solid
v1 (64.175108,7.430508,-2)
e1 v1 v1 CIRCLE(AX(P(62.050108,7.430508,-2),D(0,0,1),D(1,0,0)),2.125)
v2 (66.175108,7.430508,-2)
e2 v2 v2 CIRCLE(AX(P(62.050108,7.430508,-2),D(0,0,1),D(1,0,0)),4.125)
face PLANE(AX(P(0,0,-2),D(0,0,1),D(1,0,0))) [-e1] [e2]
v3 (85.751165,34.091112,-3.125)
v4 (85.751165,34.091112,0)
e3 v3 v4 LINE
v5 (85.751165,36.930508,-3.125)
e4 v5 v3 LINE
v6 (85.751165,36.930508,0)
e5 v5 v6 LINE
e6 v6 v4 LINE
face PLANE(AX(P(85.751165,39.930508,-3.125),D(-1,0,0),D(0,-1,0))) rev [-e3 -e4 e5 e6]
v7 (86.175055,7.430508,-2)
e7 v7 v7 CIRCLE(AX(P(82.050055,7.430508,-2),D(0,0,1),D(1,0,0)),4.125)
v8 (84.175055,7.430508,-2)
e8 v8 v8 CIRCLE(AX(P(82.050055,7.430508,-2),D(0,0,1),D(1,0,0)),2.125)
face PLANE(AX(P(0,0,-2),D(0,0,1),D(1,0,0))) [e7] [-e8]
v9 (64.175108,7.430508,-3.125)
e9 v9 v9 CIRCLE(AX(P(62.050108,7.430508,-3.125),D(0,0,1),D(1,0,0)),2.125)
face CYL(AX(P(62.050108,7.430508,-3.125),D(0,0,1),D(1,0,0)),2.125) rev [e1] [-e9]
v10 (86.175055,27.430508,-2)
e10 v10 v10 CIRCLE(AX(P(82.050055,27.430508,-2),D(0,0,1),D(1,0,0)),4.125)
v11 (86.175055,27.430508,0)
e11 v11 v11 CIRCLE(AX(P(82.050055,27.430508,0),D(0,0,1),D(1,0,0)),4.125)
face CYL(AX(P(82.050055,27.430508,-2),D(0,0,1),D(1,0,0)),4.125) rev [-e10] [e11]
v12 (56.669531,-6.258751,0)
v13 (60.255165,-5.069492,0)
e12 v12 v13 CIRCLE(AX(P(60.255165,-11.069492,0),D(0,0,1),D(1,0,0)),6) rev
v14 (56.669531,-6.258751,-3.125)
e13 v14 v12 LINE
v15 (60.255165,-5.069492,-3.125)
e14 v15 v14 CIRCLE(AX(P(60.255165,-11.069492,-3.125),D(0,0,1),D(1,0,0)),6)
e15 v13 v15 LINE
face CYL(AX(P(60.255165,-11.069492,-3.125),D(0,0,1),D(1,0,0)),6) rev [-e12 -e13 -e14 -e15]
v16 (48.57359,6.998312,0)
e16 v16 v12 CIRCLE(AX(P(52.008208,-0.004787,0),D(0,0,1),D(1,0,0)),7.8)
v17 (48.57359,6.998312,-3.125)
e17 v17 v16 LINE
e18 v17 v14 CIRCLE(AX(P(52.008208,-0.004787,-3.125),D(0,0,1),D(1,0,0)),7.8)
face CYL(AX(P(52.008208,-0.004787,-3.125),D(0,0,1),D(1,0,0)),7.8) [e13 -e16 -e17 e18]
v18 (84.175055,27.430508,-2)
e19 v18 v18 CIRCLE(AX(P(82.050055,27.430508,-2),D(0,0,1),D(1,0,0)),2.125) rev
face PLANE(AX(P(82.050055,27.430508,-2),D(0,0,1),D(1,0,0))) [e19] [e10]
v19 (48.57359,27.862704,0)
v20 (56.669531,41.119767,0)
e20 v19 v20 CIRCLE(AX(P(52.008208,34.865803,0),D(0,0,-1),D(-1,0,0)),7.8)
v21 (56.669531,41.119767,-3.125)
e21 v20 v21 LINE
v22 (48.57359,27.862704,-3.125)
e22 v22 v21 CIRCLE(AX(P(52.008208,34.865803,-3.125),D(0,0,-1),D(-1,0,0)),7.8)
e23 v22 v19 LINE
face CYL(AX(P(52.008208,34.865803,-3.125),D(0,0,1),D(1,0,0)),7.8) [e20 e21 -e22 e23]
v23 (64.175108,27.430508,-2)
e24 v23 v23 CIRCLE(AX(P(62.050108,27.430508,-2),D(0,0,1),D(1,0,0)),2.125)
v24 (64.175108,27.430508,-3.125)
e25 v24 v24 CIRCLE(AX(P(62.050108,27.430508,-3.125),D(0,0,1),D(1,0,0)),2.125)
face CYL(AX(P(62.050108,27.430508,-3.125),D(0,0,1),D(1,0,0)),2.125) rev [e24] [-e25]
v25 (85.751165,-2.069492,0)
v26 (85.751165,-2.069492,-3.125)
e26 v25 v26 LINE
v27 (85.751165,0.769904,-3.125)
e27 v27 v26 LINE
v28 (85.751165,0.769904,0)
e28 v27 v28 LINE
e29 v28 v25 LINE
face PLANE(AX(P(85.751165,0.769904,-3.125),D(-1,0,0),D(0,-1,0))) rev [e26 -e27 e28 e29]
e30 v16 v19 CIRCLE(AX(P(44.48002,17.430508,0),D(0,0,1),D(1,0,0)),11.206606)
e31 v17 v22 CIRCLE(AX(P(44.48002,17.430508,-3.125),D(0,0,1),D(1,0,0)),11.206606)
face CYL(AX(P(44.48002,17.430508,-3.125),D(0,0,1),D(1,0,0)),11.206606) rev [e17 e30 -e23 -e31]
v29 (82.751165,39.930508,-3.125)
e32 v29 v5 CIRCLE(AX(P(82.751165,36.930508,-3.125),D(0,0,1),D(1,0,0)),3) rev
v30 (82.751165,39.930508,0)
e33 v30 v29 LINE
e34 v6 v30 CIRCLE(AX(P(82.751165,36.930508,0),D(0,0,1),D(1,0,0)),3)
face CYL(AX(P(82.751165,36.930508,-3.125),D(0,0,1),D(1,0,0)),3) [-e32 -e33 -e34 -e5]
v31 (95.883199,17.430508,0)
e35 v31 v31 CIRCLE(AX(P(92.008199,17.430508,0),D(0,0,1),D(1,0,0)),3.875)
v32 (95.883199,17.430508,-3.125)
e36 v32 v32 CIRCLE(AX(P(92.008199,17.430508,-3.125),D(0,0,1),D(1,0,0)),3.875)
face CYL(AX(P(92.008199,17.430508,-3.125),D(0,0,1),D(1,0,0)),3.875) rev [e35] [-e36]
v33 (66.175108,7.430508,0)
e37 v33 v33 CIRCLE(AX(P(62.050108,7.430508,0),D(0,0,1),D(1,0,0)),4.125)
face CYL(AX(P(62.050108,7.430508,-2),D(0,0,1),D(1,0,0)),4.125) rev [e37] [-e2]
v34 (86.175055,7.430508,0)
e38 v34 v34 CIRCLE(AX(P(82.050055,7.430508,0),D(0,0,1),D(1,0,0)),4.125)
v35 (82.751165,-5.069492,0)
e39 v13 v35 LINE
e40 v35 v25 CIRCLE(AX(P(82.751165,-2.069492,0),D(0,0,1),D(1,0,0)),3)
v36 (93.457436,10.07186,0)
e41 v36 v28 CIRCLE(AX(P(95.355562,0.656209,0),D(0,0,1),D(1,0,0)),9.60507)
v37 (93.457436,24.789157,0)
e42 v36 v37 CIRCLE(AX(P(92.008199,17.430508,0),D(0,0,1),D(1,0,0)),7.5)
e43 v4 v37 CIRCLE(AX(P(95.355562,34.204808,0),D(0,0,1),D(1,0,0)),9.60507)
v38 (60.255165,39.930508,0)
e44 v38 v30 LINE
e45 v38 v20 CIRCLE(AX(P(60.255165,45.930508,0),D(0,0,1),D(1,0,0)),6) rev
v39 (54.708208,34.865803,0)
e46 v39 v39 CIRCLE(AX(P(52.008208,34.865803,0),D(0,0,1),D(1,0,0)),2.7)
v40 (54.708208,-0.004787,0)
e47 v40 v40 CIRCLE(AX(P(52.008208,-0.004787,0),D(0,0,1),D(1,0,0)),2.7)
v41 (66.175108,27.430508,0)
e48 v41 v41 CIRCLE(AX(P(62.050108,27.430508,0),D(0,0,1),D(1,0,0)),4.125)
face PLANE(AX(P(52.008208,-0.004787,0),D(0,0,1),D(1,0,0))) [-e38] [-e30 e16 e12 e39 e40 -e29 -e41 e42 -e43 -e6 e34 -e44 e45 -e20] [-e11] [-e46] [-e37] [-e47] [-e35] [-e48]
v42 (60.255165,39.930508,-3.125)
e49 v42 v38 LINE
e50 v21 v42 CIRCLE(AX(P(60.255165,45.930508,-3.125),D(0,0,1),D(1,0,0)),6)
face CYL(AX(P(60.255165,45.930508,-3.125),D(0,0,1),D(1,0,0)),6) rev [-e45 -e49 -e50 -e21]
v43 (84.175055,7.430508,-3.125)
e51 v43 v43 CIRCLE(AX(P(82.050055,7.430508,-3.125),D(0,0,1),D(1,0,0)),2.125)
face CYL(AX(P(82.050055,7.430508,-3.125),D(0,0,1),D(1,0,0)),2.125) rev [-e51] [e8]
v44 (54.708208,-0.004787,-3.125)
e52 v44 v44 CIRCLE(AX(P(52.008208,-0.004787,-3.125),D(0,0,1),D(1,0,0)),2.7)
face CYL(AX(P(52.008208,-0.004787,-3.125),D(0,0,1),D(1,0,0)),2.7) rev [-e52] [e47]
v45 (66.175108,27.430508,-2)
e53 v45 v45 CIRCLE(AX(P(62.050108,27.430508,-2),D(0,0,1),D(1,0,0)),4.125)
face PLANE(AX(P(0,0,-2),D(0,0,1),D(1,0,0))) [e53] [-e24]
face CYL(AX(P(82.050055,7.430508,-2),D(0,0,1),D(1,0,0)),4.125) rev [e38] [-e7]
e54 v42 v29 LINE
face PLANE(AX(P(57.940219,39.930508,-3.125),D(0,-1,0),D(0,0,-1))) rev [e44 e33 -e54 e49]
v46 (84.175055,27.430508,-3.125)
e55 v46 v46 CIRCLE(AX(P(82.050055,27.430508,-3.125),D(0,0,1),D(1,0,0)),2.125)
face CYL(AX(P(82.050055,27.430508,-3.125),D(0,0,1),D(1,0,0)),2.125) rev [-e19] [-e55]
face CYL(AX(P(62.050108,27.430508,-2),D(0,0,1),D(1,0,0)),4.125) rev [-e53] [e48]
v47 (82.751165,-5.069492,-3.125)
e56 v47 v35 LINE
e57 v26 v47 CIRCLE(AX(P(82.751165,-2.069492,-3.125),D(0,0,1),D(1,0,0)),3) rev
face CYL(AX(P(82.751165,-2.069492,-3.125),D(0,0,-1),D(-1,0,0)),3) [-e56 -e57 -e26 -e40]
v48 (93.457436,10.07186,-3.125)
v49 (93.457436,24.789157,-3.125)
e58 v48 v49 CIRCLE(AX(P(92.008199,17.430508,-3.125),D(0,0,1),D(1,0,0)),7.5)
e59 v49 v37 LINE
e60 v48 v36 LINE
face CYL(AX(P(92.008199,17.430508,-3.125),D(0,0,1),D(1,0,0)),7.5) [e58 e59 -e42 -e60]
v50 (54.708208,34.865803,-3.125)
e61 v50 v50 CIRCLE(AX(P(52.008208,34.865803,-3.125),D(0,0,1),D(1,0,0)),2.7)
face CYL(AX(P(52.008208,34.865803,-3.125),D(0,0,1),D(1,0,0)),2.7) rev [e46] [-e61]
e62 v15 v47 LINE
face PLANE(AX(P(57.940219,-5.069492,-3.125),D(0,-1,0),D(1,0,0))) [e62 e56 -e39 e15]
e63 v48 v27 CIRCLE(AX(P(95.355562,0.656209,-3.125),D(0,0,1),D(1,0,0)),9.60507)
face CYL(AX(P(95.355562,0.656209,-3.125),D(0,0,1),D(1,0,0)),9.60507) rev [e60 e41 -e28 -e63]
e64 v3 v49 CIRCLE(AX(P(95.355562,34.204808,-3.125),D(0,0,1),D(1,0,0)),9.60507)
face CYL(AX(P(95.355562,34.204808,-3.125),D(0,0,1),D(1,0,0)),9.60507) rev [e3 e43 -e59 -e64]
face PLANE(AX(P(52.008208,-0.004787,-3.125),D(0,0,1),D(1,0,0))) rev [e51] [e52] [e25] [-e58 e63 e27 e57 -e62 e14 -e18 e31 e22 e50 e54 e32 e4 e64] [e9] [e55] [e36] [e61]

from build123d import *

# Parameters (mm, degrees)
MODEL_R             = 2.7
MODEL_R_2           = 3.875
MODEL_R_3           = 2.125
BOSS_EXTRUDE1_DEPTH = 3.125
MODEL_3_R           = 4.125
MODEL_3_R_2         = 2.125
CUT_EXTRUDE1_DEPTH  = 2
FILLET1_R           = 3
FILLET2_R           = 6


with BuildPart() as part:
    # Model → Boss-Extrude1 (new body)
    with BuildSketch(Plane.XY):
        with BuildLine():
            Line((85.751165458, 39.930508181), (57.940219492, 39.930508181))
            ThreePointArc((57.940219492, 39.930508181), (45.846452894, 39.648352972), (48.573590158, 27.862703884))
            ThreePointArc((48.573590158, 27.862703884), (55.686625956, 17.430508181), (48.573590158, 6.998312478))
            ThreePointArc((48.573590158, 6.998312478), (45.846452894, -4.78733661), (57.940219492, -5.069491819))
            Line((57.940219492, -5.069491819), (85.751165458, -5.069491819))
            Line((85.751165458, -5.069491819), (85.751165458, 0.769903947))
            ThreePointArc((85.751165458, 0.769903947), (87.9590359, 6.783913161), (93.457436342, 10.071859524))
            ThreePointArc((93.457436342, 10.071859524), (99.50819863, 17.430508181), (93.457436342, 24.789156838))
            ThreePointArc((93.457436342, 24.789156838), (87.9590359, 28.077103201), (85.751165458, 34.091112415))
            Line((85.751165458, 34.091112415), (85.751165458, 39.930508181))
        make_face()
        with Locations((52.008207521, -0.004787091)):
            Circle(MODEL_R, mode=Mode.SUBTRACT)
        with Locations((52.008207521, 34.865803453)):
            Circle(MODEL_R, mode=Mode.SUBTRACT)
        with Locations((92.00819863, 17.430508181)):
            Circle(MODEL_R_2, mode=Mode.SUBTRACT)
        with Locations((62.05010788, 7.430508181)):
            Circle(MODEL_R_3, mode=Mode.SUBTRACT)
        with Locations((82.050054867, 7.430508181)):
            Circle(MODEL_R_3, mode=Mode.SUBTRACT)
        with Locations((62.05010788, 27.430508181)):
            Circle(MODEL_R_3, mode=Mode.SUBTRACT)
        with Locations((82.050054867, 27.430508181)):
            Circle(MODEL_R_3, mode=Mode.SUBTRACT)
    extrude(amount=-BOSS_EXTRUDE1_DEPTH)

    # Model<3> → Cut-Extrude1 (cut)
    # profile 1 of 4: a face of its own
    with BuildSketch(Plane.XY):
        with Locations((82.050054867, 27.430508181)):
            Circle(MODEL_3_R)
    # profile 2 of 4: a face of its own
    with BuildSketch(Plane.XY):
        with Locations((62.05010788, 27.430508181)):
            Circle(MODEL_3_R)
        with Locations((62.05010788, 27.430508181)):
            Circle(MODEL_3_R_2, mode=Mode.SUBTRACT)
    # profile 3 of 4: a face of its own
    with BuildSketch(Plane.XY):
        with Locations((62.05010788, 7.430508181)):
            Circle(MODEL_3_R)
        with Locations((62.05010788, 7.430508181)):
            Circle(MODEL_3_R_2, mode=Mode.SUBTRACT)
    # profile 4 of 4: a face of its own
    with BuildSketch(Plane.XY):
        with Locations((82.050054867, 7.430508181)):
            Circle(MODEL_3_R)
        with Locations((82.050054867, 7.430508181)):
            Circle(MODEL_3_R_2, mode=Mode.SUBTRACT)
    extrude(amount=-CUT_EXTRUDE1_DEPTH, mode=Mode.SUBTRACT)

    # Fillet1
    fillet1_edges = [part.edges().sort_by_distance(p)[0] for p in [
        (85.751165458, -5.069491819, -1.5625),
        (85.751165458, 39.930508181, -1.5625),
    ]]
    fillet(fillet1_edges, radius=FILLET1_R)

    # Fillet2
    fillet2_edges = [part.edges().sort_by_distance(p)[0] for p in [
        (57.940219492, 39.930508181, -1.5625),
        (57.940219492, -5.069491819, -1.5625),
    ]]
    fillet(fillet2_edges, radius=FILLET2_R)


solid = part.part
